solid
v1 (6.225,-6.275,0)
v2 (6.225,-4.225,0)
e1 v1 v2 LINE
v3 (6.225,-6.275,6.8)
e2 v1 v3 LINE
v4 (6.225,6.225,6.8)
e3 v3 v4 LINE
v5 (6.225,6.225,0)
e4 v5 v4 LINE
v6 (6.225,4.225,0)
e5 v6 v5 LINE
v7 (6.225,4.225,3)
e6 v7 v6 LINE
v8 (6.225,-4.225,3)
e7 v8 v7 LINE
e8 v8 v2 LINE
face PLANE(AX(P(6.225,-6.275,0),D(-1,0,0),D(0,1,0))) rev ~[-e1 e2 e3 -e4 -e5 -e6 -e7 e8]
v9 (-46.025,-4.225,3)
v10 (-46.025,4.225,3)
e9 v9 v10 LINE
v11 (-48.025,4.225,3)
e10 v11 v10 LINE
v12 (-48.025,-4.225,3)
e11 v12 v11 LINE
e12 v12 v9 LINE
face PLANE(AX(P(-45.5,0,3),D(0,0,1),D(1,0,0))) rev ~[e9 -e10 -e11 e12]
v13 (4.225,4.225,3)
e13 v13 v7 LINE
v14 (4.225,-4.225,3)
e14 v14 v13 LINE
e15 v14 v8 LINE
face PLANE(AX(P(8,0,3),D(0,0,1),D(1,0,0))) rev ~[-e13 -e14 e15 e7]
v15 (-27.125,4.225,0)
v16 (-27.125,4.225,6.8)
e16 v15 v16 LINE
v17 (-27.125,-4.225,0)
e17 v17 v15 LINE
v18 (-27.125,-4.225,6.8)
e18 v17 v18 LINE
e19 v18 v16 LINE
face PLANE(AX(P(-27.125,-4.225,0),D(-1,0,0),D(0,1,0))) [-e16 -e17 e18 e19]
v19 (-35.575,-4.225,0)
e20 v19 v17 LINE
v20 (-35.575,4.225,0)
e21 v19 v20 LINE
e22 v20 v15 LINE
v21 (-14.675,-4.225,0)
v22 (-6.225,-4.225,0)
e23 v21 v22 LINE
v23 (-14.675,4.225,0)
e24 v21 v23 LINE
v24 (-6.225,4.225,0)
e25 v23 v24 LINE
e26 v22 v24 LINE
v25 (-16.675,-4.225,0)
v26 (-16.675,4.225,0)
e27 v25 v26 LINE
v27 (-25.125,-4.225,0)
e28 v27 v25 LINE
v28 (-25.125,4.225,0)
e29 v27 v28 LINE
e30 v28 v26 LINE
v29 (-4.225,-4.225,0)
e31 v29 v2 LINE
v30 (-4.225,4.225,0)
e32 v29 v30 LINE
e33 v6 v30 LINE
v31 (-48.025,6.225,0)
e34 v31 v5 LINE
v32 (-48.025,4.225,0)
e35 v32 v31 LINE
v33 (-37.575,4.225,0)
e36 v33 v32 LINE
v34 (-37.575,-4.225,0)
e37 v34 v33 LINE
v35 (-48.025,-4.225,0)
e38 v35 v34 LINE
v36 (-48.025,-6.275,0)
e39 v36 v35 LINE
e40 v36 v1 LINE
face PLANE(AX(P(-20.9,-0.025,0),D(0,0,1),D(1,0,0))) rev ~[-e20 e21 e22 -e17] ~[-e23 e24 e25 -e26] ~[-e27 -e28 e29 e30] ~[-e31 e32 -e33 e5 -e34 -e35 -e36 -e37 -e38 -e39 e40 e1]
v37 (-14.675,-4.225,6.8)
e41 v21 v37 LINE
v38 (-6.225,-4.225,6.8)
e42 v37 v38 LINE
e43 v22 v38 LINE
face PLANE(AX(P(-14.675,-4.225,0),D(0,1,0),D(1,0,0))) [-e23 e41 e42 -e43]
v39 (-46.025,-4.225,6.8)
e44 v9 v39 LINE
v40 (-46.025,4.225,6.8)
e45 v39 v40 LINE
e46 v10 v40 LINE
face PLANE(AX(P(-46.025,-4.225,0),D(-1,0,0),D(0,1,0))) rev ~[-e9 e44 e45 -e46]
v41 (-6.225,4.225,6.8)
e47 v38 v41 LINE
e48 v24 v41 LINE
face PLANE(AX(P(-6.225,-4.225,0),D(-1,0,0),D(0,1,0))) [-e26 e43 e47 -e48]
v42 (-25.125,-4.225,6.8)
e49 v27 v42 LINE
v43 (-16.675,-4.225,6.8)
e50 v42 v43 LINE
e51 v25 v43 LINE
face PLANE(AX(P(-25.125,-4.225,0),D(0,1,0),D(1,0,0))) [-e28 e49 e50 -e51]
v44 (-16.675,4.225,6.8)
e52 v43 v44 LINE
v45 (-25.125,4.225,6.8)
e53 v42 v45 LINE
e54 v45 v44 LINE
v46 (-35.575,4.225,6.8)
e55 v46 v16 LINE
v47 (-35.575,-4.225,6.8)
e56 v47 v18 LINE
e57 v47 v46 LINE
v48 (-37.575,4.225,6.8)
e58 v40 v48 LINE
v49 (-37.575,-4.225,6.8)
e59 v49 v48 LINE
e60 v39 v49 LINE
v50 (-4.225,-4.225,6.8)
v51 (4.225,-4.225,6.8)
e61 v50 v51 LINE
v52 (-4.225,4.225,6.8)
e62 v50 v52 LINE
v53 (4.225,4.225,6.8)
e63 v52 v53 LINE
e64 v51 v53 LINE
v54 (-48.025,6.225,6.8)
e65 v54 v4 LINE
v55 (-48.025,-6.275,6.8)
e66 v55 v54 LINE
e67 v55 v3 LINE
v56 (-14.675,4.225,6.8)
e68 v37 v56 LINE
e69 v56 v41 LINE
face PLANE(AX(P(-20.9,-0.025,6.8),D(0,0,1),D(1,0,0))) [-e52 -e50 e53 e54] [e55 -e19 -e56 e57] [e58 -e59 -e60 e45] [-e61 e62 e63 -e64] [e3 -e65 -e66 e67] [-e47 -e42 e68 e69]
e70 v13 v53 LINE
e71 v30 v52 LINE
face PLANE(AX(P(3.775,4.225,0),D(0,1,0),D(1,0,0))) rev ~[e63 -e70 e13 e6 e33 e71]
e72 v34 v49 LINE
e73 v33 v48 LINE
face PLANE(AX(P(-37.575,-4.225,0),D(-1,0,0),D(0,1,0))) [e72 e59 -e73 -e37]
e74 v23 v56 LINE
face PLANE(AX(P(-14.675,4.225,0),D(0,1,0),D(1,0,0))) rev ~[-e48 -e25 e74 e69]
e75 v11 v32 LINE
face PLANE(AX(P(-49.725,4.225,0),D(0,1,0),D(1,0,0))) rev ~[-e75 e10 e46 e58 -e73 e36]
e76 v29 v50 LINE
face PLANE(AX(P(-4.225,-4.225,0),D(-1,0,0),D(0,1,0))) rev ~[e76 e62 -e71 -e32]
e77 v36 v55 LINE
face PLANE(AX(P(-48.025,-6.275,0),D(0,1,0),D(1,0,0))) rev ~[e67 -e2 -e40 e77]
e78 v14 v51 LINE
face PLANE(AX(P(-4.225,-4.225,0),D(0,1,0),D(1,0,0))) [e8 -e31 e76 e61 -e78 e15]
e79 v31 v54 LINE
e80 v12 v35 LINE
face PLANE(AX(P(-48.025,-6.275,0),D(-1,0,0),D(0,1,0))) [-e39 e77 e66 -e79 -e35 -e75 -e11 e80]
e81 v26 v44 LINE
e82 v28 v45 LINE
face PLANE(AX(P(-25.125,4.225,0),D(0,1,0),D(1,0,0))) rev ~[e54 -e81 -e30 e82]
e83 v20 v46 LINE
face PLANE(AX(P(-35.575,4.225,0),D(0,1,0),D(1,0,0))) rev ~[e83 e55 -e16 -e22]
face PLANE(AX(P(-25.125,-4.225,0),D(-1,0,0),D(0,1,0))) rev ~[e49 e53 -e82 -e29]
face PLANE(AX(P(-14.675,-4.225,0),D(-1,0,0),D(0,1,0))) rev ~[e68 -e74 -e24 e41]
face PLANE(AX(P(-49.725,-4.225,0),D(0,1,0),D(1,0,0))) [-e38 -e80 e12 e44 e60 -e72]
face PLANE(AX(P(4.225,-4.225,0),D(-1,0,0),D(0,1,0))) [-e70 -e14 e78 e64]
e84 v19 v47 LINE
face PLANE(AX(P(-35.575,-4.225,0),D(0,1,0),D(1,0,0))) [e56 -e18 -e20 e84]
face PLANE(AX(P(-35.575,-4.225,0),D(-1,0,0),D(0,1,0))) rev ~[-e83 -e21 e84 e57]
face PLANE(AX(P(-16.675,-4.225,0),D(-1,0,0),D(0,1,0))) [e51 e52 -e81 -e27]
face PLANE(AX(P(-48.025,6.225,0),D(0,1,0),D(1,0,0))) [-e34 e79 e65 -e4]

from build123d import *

# Parameters (mm, degrees)
SKETCH001_W      = 8.45
SKETCH001_H      = 8.45
EXTRUDE001_DEPTH = 3
SKETCH_W         = 54.25
SKETCH_H         = 12.5
SKETCH_W_2       = 8.45
SKETCH_H_2       = 8.45
EXTRUDE_DEPTH    = 6.8


with BuildPart() as extrude001:
    # Sketch001 → Extrude001 (new body)
    with BuildSketch(Plane.XY):
        with Locations((-45.5, 0)):
            Rectangle(SKETCH001_W, SKETCH001_H)
        with Locations((8, 0)):
            Rectangle(SKETCH001_W, SKETCH001_H)
    extrude(amount=EXTRUDE001_DEPTH)


with BuildPart() as cut:
    # Sketch → Extrude (new body)
    with BuildSketch(Plane.XY):
        with Locations((-20.9, -0.025)):
            Rectangle(SKETCH_W, SKETCH_H)
        Rectangle(SKETCH_W_2, SKETCH_H_2, mode=Mode.SUBTRACT)
        with Locations((-10.45, 0)):
            Rectangle(SKETCH_W_2, SKETCH_H_2, mode=Mode.SUBTRACT)
        with Locations((-20.9, 0)):
            Rectangle(SKETCH_W_2, SKETCH_H_2, mode=Mode.SUBTRACT)
        with Locations((-31.35, 0)):
            Rectangle(SKETCH_W_2, SKETCH_H_2, mode=Mode.SUBTRACT)
        with Locations((-41.8, 0)):
            Rectangle(SKETCH_W_2, SKETCH_H_2, mode=Mode.SUBTRACT)
    extrude(amount=EXTRUDE_DEPTH)

    # Cut: cut Extrude001
    add(extrude001.part, mode=Mode.SUBTRACT)


solid = cut.part
